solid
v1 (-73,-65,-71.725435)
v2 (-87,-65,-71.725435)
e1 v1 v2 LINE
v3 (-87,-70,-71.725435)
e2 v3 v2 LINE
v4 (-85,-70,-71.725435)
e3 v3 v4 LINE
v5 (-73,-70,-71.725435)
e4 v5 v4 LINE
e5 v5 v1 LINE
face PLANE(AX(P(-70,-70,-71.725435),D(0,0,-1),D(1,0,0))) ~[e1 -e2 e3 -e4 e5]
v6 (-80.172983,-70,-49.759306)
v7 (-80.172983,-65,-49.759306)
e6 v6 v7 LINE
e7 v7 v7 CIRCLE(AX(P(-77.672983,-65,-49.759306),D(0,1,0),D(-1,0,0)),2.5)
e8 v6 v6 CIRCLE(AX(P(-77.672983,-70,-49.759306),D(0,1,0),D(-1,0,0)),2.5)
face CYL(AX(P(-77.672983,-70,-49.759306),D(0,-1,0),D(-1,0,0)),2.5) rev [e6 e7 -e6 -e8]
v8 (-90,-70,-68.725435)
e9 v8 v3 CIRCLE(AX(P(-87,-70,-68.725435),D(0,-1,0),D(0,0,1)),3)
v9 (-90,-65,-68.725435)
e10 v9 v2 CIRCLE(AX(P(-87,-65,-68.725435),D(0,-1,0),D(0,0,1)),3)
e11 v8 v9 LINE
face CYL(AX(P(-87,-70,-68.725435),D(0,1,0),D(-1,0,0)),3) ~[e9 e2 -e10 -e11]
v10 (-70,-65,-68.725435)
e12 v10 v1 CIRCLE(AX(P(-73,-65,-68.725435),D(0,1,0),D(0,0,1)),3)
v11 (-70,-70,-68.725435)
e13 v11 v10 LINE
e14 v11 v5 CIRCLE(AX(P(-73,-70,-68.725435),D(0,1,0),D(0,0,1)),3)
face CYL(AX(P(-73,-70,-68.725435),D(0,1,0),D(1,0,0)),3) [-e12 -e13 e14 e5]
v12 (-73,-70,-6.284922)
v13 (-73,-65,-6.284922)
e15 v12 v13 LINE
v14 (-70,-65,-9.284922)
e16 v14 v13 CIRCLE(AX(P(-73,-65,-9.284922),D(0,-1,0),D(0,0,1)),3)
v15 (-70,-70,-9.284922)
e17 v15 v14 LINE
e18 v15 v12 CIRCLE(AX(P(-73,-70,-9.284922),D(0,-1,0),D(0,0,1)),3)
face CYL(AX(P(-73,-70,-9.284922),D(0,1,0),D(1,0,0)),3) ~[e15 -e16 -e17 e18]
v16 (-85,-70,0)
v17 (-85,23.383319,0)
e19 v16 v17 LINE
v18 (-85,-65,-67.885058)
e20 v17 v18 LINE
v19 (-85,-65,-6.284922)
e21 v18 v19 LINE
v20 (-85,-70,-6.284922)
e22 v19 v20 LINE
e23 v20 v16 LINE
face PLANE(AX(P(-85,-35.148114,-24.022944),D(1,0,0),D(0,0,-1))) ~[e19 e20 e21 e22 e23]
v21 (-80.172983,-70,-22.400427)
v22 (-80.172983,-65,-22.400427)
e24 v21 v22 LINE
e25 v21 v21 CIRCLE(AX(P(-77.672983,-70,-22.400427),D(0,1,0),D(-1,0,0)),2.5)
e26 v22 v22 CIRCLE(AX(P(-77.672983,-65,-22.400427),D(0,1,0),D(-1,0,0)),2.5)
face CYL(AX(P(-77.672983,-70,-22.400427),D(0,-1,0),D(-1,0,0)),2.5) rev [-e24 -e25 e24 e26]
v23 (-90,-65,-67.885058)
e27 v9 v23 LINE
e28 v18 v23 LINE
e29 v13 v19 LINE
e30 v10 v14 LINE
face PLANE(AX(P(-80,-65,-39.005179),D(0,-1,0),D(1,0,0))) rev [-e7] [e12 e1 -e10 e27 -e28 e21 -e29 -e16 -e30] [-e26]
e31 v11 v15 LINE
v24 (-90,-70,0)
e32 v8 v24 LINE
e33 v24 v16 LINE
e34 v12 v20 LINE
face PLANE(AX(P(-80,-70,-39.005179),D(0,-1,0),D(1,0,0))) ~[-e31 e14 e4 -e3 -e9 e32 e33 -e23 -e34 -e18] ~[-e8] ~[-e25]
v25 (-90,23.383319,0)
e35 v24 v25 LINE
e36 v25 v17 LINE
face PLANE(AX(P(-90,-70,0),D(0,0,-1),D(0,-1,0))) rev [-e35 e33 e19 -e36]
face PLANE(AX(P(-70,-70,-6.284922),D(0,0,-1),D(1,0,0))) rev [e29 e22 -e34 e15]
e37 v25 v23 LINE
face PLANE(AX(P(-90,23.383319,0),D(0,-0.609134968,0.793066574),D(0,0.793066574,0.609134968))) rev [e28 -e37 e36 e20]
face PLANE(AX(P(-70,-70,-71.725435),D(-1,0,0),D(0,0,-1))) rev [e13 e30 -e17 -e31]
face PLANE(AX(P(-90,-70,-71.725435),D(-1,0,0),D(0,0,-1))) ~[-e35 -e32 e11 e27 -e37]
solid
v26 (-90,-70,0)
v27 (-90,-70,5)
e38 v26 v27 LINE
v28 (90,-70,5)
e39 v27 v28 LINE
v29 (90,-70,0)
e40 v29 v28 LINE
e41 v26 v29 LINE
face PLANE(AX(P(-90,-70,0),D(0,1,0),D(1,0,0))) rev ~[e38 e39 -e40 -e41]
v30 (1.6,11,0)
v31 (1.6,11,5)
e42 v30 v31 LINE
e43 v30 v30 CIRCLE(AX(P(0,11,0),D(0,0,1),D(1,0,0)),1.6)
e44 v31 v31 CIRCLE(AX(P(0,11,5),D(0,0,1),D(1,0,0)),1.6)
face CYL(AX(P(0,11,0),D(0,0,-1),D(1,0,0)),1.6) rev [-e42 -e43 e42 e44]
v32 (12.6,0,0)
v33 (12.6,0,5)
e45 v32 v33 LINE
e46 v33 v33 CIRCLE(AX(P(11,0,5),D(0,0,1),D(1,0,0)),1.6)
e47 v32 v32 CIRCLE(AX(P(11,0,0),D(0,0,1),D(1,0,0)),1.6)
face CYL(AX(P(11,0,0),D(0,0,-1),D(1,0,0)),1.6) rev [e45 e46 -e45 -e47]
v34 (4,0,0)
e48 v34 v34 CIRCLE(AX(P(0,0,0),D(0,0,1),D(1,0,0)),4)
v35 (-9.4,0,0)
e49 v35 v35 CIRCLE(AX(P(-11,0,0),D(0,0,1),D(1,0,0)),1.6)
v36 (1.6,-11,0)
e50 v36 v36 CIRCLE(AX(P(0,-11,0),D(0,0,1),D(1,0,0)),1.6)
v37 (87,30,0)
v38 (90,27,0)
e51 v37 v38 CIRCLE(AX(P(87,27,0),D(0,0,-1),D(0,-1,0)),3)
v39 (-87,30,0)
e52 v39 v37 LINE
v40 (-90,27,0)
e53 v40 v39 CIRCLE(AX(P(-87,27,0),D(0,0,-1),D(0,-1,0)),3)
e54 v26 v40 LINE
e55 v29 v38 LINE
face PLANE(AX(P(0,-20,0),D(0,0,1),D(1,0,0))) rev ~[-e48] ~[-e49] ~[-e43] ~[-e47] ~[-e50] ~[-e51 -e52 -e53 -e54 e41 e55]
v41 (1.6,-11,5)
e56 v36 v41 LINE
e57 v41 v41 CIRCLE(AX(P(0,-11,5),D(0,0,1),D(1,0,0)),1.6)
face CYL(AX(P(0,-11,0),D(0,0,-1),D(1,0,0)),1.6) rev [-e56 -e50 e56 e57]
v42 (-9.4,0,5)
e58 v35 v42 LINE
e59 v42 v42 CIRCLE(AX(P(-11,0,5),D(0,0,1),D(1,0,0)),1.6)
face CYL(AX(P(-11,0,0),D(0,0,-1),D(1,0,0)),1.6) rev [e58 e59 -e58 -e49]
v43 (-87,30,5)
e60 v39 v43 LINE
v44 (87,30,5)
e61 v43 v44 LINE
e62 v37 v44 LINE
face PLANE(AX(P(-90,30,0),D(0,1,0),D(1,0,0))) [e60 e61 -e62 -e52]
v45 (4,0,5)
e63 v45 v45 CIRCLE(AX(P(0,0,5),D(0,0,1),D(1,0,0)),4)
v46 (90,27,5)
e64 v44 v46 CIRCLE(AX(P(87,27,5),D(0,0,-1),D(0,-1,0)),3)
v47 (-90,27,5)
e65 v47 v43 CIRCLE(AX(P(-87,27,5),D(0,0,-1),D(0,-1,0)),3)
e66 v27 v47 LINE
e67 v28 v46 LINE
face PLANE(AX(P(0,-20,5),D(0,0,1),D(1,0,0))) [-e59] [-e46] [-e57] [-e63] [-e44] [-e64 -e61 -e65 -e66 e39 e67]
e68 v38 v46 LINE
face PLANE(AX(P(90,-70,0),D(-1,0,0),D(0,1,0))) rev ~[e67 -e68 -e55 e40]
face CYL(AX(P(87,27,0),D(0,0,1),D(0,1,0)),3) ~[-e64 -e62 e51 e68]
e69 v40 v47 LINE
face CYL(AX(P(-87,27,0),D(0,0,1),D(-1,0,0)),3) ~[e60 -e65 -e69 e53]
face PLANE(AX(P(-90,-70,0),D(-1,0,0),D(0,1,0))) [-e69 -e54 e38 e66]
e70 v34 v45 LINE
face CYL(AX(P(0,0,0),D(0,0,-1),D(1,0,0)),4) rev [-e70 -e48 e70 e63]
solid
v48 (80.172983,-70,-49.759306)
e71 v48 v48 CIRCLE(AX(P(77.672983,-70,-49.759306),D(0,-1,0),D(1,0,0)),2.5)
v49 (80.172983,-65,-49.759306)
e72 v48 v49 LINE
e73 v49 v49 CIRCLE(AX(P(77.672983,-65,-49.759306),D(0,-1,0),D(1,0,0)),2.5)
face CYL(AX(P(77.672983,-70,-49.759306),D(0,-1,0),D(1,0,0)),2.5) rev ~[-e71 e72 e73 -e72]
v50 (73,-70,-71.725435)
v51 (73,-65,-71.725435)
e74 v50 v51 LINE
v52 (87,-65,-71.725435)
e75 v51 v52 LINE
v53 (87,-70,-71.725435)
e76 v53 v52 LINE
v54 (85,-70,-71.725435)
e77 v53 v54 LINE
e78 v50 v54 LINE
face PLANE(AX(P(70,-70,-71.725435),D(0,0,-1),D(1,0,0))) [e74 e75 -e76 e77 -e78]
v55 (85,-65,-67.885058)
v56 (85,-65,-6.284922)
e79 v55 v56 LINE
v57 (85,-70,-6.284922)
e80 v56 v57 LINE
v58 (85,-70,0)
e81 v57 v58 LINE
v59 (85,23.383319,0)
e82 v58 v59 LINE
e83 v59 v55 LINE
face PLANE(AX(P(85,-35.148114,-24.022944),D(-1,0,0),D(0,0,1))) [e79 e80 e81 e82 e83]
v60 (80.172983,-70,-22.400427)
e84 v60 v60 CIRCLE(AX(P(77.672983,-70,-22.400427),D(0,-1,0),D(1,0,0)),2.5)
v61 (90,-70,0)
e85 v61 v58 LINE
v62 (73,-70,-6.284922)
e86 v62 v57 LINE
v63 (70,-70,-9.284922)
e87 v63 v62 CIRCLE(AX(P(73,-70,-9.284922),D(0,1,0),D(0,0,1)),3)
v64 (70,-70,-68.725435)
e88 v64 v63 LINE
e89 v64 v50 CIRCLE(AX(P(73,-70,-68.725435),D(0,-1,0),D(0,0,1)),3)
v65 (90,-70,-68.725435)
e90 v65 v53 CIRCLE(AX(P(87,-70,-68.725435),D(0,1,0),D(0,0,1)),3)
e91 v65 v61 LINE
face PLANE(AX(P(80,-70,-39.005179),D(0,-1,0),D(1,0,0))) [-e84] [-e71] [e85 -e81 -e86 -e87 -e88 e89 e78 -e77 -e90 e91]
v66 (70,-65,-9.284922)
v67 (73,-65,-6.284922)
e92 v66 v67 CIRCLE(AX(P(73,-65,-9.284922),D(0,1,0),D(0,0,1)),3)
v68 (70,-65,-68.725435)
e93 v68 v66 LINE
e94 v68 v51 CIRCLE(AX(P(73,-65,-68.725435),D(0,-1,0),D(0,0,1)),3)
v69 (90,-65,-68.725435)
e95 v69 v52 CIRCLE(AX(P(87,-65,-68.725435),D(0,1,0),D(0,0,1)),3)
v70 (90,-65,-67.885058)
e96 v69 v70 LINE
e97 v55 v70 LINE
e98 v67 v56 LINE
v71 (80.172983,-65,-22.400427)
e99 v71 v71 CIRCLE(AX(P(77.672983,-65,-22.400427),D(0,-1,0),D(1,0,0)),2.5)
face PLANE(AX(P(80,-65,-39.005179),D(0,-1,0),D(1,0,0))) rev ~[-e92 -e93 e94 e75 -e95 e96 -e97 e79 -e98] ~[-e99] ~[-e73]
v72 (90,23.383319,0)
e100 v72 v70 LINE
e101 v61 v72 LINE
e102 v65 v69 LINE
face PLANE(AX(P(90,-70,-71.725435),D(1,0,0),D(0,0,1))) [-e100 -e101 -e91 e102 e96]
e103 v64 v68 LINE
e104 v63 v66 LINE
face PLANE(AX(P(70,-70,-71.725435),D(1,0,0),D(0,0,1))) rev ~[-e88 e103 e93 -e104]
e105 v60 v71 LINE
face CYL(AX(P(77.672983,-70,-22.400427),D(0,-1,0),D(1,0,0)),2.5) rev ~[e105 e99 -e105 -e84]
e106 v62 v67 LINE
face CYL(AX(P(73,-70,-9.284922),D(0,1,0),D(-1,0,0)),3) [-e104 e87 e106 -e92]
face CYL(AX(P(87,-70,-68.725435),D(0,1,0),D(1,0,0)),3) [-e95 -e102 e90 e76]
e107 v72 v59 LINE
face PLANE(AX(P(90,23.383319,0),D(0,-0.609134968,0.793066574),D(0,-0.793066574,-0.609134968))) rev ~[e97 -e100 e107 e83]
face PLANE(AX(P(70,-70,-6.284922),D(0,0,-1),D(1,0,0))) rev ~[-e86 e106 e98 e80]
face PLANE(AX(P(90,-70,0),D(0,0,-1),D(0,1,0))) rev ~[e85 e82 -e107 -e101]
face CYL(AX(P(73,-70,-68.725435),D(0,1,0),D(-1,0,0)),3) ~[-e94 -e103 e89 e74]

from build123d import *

# Parameters (mm, degrees)
CROQUIS1_W              = 180
CROQUIS1_H              = 100
CROQUIS1_R              = 4
CROQUIS1_R_2            = 1.6
SALIENTE_EXTRUIR1_DEPTH = 5
SALIENTE_EXTRUIR2_DEPTH = 5
CROQUIS3_W              = 20
CROQUIS3_H              = 65.440512609
CROQUIS3_R              = 2.5
SALIENTE_EXTRUIR3_DEPTH = 5
REDONDEO1_R             = 3
REDONDEO2_R             = 3


with BuildPart() as part:
    # Croquis1 → Saliente-Extruir1 (new body)
    with BuildSketch(Plane.XY):
        with Locations((0, -20)):
            Rectangle(CROQUIS1_W, CROQUIS1_H)
        Circle(CROQUIS1_R, mode=Mode.SUBTRACT)
        with Locations((0, 11)):
            Circle(CROQUIS1_R_2, mode=Mode.SUBTRACT)
        with Locations((11, 0)):
            Circle(CROQUIS1_R_2, mode=Mode.SUBTRACT)
        with Locations((0, -11)):
            Circle(CROQUIS1_R_2, mode=Mode.SUBTRACT)
        with Locations((-11, 0)):
            Circle(CROQUIS1_R_2, mode=Mode.SUBTRACT)
    extrude(amount=SALIENTE_EXTRUIR1_DEPTH)

    # Redondeo2
    redondeo2_edges = [part.edges().sort_by_distance(p)[0] for p in [
        (-90, 30, 2.5),
        (90, 30, 2.5),
    ]]
    fillet(redondeo2_edges, radius=REDONDEO2_R)


with BuildPart() as body_2:
    # Croquis2 → Saliente-Extruir2 (new body)
    with BuildSketch(Plane(origin=(90, 0, 0), x_dir=(0, 0, -1), z_dir=(1, 0, 0))):
        Polygon((0, -70), (0, 23.383318785), (71.725434948, -70), align=None)
    extrude(amount=-SALIENTE_EXTRUIR2_DEPTH)

    # Croquis3 → Saliente-Extruir3 (add)
    with BuildSketch(Plane.XZ.offset(70)):
        with Locations((80, -39.005178644)):
            Rectangle(CROQUIS3_W, CROQUIS3_H)
        with Locations((77.672983275, -22.40042671)):
            Circle(CROQUIS3_R, mode=Mode.SUBTRACT)
        with Locations((77.672983275, -49.759306223)):
            Circle(CROQUIS3_R, mode=Mode.SUBTRACT)
    extrude(amount=-SALIENTE_EXTRUIR3_DEPTH)

    # Redondeo1
    redondeo1_edges = [body_2.edges().sort_by_distance(p)[0] for p in [
        (90, -67.5, -71.725434948),
        (70, -67.5, -71.725434948),
        (70, -67.5, -6.284922339),
    ]]
    fillet(redondeo1_edges, radius=REDONDEO1_R)


with BuildPart() as body_3:
    # Simetría4: mirrored copy
    add(body_2.part.mirror(Plane(origin=(0, 0, 0), x_dir=(0, 0, 1), z_dir=(1, 0, 0))))


solid = Compound([part.part, body_2.part, body_3.part])
